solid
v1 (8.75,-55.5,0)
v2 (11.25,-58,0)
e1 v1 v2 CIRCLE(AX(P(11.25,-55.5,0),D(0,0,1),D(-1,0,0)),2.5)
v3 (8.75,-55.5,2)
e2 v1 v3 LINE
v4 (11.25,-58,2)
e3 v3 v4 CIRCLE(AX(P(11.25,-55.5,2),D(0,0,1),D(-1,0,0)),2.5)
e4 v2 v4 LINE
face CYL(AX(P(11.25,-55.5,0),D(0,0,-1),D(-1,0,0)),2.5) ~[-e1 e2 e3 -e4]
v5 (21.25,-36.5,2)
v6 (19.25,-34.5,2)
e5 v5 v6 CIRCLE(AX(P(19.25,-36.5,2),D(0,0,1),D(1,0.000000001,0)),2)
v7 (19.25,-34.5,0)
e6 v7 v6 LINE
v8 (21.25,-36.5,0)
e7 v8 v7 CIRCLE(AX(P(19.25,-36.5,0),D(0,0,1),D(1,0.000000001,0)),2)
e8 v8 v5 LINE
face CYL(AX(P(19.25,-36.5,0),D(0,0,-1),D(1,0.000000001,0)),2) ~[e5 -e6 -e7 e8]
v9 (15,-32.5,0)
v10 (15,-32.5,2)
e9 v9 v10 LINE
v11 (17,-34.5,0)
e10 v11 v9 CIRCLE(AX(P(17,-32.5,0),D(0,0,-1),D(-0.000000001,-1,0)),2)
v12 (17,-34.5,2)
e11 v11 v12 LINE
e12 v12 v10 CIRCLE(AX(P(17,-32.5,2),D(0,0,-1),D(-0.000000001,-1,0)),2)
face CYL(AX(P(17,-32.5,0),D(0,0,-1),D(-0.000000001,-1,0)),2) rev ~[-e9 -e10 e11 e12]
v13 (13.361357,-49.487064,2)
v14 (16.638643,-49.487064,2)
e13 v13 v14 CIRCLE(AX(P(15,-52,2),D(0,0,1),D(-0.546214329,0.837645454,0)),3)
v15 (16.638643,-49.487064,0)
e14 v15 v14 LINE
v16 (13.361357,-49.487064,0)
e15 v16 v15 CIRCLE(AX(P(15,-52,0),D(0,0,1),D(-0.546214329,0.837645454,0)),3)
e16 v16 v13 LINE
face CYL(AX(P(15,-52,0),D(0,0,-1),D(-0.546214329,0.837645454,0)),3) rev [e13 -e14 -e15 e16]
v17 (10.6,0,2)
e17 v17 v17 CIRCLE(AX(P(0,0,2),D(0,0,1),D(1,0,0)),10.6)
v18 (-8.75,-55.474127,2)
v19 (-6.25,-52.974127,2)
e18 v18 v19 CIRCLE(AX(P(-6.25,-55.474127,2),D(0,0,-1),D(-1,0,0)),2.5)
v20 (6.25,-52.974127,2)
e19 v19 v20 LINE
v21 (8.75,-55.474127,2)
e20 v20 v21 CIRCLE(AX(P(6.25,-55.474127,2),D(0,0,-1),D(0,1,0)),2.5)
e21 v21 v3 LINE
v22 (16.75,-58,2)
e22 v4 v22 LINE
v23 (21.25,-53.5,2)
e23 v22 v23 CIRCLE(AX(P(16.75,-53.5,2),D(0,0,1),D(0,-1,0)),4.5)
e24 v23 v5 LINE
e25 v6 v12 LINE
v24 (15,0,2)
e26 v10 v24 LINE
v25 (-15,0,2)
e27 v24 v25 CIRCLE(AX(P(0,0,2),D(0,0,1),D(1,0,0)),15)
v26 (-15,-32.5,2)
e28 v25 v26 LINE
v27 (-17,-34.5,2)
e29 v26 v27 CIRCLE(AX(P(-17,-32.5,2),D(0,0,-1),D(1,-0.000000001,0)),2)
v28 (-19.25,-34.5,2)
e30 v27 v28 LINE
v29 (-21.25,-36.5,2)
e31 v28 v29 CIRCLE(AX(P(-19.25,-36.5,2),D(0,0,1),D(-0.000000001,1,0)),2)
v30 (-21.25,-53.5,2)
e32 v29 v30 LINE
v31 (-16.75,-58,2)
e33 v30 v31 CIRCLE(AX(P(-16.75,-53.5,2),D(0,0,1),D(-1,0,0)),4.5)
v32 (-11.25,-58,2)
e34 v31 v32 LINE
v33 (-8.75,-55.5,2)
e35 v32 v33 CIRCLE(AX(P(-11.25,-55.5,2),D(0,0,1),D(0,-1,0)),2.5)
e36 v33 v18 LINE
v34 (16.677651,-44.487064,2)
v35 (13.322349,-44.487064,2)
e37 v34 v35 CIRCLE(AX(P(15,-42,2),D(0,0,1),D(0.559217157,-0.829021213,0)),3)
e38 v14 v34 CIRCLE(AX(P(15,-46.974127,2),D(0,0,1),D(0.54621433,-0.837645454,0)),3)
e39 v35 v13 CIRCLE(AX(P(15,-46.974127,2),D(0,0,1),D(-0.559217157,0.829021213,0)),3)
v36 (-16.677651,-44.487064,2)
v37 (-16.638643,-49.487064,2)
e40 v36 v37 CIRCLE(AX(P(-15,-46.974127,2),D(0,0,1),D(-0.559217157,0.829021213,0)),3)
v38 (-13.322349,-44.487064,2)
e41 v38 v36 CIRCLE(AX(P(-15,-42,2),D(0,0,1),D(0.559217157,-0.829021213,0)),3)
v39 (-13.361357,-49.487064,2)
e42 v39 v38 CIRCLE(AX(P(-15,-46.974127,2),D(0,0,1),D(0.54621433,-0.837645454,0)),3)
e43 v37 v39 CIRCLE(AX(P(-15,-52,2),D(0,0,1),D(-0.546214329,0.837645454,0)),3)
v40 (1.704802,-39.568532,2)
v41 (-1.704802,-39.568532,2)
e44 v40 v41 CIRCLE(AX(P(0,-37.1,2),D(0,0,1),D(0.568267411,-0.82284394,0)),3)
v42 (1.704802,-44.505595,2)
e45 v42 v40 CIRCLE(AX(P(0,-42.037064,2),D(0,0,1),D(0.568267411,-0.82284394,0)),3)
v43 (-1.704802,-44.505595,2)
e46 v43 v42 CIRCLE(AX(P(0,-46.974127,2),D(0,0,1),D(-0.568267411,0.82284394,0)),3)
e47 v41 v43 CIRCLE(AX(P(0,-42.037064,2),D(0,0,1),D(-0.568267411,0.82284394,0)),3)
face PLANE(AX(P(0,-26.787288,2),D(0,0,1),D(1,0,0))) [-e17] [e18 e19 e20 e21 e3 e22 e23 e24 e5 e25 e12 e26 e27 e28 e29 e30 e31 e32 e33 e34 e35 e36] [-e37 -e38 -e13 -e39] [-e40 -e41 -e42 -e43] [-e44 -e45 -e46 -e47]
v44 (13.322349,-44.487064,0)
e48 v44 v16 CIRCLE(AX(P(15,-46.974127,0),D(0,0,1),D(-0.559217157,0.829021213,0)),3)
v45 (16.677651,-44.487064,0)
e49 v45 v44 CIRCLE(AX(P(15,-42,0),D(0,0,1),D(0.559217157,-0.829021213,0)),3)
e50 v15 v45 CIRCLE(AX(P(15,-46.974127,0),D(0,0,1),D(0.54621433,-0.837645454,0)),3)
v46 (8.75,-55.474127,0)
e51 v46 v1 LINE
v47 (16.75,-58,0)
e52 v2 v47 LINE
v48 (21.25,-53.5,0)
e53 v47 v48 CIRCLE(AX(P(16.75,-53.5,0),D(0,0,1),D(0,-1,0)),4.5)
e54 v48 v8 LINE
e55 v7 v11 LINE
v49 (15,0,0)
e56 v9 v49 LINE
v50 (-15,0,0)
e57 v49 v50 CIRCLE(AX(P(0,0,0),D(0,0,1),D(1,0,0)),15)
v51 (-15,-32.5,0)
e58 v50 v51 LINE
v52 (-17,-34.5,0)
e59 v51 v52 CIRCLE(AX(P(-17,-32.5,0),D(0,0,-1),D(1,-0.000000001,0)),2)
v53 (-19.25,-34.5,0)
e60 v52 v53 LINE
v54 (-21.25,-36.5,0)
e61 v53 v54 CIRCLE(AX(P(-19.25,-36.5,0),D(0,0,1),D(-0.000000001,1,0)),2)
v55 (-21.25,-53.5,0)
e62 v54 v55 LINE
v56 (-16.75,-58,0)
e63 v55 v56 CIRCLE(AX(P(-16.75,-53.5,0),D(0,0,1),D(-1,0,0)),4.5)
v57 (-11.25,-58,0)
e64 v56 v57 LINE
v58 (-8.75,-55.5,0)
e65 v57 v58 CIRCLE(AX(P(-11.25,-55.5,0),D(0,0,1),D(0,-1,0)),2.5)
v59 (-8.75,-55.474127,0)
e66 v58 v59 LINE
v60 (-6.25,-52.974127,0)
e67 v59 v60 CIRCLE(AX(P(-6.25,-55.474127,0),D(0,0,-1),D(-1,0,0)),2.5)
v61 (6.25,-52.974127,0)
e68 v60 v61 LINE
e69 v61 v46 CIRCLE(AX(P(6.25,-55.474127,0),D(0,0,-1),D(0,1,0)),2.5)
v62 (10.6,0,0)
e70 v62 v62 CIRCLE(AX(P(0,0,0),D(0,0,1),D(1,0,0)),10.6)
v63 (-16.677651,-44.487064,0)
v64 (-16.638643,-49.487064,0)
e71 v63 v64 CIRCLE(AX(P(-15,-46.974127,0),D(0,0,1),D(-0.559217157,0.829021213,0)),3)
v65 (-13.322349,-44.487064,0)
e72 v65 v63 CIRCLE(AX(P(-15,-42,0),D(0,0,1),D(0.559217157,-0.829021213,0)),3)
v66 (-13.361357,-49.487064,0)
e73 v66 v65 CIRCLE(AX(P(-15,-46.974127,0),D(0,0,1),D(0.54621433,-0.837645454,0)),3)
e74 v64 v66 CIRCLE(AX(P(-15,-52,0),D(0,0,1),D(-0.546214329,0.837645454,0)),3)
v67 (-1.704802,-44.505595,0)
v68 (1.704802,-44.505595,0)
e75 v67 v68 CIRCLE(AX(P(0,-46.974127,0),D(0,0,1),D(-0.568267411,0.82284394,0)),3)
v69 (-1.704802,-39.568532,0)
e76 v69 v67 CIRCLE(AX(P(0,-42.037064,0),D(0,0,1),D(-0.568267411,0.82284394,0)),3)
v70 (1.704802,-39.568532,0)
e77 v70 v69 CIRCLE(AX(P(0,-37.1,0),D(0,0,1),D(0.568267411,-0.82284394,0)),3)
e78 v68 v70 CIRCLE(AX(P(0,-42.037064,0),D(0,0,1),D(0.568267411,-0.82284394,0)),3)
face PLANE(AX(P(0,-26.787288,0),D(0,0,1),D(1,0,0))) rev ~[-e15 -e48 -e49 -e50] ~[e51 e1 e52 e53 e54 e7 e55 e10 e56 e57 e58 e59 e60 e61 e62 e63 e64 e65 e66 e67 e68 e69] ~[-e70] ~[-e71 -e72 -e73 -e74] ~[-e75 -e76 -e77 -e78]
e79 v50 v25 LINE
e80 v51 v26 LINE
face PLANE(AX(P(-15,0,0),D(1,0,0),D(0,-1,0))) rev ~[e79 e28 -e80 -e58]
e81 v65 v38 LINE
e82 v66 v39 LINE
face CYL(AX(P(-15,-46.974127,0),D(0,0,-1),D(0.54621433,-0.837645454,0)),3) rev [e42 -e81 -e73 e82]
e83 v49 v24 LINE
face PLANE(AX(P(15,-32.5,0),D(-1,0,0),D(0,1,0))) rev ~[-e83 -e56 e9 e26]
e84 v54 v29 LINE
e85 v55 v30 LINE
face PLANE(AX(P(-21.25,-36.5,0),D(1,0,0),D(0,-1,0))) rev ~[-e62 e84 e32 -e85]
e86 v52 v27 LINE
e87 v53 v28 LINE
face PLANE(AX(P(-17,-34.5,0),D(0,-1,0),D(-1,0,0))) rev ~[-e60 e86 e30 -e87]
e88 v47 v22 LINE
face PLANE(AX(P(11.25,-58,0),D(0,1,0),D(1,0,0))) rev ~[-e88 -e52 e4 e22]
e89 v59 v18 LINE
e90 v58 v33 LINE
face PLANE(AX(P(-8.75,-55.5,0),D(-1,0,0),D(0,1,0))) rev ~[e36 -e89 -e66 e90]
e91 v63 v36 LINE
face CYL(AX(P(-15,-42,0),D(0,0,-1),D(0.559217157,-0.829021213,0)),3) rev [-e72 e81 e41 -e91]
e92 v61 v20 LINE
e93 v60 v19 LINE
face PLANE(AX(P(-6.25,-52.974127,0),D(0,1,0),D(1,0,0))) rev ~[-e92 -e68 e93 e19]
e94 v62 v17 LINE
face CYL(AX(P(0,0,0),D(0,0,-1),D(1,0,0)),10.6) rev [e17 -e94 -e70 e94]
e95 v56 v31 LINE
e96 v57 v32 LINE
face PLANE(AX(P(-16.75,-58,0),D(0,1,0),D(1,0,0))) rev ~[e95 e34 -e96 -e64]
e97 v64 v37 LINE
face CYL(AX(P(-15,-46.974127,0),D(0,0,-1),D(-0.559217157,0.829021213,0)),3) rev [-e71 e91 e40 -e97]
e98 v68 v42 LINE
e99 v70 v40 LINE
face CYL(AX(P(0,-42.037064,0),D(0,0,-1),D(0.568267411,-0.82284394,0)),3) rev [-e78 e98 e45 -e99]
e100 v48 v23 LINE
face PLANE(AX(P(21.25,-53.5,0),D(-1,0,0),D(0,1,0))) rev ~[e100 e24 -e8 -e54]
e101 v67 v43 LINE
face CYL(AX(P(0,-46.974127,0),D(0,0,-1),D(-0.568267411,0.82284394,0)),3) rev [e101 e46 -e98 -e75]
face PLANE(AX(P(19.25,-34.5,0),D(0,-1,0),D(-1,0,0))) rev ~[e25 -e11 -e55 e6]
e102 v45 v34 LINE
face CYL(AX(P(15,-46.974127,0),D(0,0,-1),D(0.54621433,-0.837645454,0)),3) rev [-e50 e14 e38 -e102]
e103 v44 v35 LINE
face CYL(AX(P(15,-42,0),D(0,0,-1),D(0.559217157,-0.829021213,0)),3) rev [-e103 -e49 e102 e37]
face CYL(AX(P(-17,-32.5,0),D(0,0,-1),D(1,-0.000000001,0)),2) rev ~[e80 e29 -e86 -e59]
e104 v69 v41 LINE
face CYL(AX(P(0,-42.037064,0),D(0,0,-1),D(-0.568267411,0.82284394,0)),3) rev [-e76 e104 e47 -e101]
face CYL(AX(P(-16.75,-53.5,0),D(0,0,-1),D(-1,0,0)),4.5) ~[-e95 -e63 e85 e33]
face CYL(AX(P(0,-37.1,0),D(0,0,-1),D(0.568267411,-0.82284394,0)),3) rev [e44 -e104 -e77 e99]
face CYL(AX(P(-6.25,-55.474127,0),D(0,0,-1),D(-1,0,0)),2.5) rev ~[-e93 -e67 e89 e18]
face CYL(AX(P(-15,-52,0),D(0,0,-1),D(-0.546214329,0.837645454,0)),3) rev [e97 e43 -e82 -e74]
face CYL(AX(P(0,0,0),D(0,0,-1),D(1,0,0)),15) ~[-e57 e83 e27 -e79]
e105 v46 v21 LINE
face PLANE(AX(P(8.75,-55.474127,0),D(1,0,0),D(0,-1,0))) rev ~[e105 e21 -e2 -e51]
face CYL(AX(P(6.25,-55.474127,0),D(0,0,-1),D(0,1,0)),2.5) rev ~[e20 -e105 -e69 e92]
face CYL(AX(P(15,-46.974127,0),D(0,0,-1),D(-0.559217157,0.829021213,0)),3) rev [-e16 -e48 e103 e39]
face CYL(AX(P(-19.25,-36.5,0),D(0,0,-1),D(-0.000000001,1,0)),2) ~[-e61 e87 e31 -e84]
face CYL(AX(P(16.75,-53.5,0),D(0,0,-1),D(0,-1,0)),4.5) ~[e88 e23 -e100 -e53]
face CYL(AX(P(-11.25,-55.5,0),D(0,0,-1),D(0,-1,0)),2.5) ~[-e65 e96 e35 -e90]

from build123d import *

# Parameters (mm, degrees)
SKETCH_1_R      = 10.6
EXTRUDE_1_DEPTH = 2


with BuildPart() as part:
    # 草图1 → 凸台-拉伸1 (new body)
    with BuildSketch(Plane.XY):
        with BuildLine():
            Line((-15, 0), (-15, -32.5))
            ThreePointArc((-15, -32.5), (-15.585786438, -33.914213562), (-17, -34.5))
            Line((-17, -34.5), (-19.25, -34.5))
            ThreePointArc((-19.25, -34.5), (-20.664213562, -35.085786438), (-21.25, -36.5))
            Line((-21.25, -36.5), (-21.25, -53.5))
            ThreePointArc((-21.25, -53.5), (-19.931980515, -56.681980515), (-16.75, -58))
            Line((-16.75, -58), (-11.25, -58))
            ThreePointArc((-11.25, -58), (-9.482233047, -57.267766953), (-8.75, -55.5))
            Line((-8.75, -55.5), (-8.75, -55.474127277))
            ThreePointArc((-8.75, -55.474127277), (-8.017766953, -53.706360324), (-6.25, -52.974127277))
            Line((-6.25, -52.974127277), (6.25, -52.974127277))
            ThreePointArc((6.25, -52.974127277), (8.017766953, -53.706360324), (8.75, -55.474127277))
            Line((8.75, -55.474127277), (8.75, -55.5))
            ThreePointArc((8.75, -55.5), (9.482233047, -57.267766953), (11.25, -58))
            Line((11.25, -58), (16.75, -58))
            ThreePointArc((16.75, -58), (19.931980515, -56.681980515), (21.25, -53.5))
            Line((21.25, -53.5), (21.25, -36.5))
            ThreePointArc((21.25, -36.5), (20.664213562, -35.085786438), (19.25, -34.5))
            Line((19.25, -34.5), (17, -34.5))
            ThreePointArc((17, -34.5), (15.585786438, -33.914213562), (15, -32.5))
            Line((15, -32.5), (15, 0))
            ThreePointArc((15, 0), (0, 15), (-15, 0))
        make_face()
        Circle(SKETCH_1_R, mode=Mode.SUBTRACT)
        with BuildLine():
            ThreePointArc((-16.638642988, -49.487063639), (-15, -55), (-13.361357012, -49.487063639))
            ThreePointArc((-13.361357012, -49.487063639), (-12.000091296, -46.997531654), (-13.322348529, -44.487063639))
            ThreePointArc((-13.322348529, -44.487063639), (-15, -39), (-16.677651471, -44.487063639))
            ThreePointArc((-16.677651471, -44.487063639), (-17.999908704, -46.997531654), (-16.638642988, -49.487063639))
        make_face(mode=Mode.SUBTRACT)
        with BuildLine():
            ThreePointArc((-1.704802234, -39.568531819), (-3, -42.037063639), (-1.704802234, -44.505595458))
            ThreePointArc((-1.704802234, -44.505595458), (0, -49.974127277), (1.704802234, -44.505595458))
            ThreePointArc((1.704802234, -44.505595458), (3, -42.037063639), (1.704802234, -39.568531819))
            ThreePointArc((1.704802234, -39.568531819), (0, -34.1), (-1.704802234, -39.568531819))
        make_face(mode=Mode.SUBTRACT)
        with BuildLine():
            ThreePointArc((13.361357012, -49.487063639), (15, -55), (16.638642988, -49.487063639))
            ThreePointArc((16.638642988, -49.487063639), (17.999908704, -46.997531654), (16.677651471, -44.487063639))
            ThreePointArc((16.677651471, -44.487063639), (15, -39), (13.322348529, -44.487063639))
            ThreePointArc((13.322348529, -44.487063639), (12.000091296, -46.997531654), (13.361357012, -49.487063639))
        make_face(mode=Mode.SUBTRACT)
    extrude(amount=EXTRUDE_1_DEPTH)


solid = part.part
